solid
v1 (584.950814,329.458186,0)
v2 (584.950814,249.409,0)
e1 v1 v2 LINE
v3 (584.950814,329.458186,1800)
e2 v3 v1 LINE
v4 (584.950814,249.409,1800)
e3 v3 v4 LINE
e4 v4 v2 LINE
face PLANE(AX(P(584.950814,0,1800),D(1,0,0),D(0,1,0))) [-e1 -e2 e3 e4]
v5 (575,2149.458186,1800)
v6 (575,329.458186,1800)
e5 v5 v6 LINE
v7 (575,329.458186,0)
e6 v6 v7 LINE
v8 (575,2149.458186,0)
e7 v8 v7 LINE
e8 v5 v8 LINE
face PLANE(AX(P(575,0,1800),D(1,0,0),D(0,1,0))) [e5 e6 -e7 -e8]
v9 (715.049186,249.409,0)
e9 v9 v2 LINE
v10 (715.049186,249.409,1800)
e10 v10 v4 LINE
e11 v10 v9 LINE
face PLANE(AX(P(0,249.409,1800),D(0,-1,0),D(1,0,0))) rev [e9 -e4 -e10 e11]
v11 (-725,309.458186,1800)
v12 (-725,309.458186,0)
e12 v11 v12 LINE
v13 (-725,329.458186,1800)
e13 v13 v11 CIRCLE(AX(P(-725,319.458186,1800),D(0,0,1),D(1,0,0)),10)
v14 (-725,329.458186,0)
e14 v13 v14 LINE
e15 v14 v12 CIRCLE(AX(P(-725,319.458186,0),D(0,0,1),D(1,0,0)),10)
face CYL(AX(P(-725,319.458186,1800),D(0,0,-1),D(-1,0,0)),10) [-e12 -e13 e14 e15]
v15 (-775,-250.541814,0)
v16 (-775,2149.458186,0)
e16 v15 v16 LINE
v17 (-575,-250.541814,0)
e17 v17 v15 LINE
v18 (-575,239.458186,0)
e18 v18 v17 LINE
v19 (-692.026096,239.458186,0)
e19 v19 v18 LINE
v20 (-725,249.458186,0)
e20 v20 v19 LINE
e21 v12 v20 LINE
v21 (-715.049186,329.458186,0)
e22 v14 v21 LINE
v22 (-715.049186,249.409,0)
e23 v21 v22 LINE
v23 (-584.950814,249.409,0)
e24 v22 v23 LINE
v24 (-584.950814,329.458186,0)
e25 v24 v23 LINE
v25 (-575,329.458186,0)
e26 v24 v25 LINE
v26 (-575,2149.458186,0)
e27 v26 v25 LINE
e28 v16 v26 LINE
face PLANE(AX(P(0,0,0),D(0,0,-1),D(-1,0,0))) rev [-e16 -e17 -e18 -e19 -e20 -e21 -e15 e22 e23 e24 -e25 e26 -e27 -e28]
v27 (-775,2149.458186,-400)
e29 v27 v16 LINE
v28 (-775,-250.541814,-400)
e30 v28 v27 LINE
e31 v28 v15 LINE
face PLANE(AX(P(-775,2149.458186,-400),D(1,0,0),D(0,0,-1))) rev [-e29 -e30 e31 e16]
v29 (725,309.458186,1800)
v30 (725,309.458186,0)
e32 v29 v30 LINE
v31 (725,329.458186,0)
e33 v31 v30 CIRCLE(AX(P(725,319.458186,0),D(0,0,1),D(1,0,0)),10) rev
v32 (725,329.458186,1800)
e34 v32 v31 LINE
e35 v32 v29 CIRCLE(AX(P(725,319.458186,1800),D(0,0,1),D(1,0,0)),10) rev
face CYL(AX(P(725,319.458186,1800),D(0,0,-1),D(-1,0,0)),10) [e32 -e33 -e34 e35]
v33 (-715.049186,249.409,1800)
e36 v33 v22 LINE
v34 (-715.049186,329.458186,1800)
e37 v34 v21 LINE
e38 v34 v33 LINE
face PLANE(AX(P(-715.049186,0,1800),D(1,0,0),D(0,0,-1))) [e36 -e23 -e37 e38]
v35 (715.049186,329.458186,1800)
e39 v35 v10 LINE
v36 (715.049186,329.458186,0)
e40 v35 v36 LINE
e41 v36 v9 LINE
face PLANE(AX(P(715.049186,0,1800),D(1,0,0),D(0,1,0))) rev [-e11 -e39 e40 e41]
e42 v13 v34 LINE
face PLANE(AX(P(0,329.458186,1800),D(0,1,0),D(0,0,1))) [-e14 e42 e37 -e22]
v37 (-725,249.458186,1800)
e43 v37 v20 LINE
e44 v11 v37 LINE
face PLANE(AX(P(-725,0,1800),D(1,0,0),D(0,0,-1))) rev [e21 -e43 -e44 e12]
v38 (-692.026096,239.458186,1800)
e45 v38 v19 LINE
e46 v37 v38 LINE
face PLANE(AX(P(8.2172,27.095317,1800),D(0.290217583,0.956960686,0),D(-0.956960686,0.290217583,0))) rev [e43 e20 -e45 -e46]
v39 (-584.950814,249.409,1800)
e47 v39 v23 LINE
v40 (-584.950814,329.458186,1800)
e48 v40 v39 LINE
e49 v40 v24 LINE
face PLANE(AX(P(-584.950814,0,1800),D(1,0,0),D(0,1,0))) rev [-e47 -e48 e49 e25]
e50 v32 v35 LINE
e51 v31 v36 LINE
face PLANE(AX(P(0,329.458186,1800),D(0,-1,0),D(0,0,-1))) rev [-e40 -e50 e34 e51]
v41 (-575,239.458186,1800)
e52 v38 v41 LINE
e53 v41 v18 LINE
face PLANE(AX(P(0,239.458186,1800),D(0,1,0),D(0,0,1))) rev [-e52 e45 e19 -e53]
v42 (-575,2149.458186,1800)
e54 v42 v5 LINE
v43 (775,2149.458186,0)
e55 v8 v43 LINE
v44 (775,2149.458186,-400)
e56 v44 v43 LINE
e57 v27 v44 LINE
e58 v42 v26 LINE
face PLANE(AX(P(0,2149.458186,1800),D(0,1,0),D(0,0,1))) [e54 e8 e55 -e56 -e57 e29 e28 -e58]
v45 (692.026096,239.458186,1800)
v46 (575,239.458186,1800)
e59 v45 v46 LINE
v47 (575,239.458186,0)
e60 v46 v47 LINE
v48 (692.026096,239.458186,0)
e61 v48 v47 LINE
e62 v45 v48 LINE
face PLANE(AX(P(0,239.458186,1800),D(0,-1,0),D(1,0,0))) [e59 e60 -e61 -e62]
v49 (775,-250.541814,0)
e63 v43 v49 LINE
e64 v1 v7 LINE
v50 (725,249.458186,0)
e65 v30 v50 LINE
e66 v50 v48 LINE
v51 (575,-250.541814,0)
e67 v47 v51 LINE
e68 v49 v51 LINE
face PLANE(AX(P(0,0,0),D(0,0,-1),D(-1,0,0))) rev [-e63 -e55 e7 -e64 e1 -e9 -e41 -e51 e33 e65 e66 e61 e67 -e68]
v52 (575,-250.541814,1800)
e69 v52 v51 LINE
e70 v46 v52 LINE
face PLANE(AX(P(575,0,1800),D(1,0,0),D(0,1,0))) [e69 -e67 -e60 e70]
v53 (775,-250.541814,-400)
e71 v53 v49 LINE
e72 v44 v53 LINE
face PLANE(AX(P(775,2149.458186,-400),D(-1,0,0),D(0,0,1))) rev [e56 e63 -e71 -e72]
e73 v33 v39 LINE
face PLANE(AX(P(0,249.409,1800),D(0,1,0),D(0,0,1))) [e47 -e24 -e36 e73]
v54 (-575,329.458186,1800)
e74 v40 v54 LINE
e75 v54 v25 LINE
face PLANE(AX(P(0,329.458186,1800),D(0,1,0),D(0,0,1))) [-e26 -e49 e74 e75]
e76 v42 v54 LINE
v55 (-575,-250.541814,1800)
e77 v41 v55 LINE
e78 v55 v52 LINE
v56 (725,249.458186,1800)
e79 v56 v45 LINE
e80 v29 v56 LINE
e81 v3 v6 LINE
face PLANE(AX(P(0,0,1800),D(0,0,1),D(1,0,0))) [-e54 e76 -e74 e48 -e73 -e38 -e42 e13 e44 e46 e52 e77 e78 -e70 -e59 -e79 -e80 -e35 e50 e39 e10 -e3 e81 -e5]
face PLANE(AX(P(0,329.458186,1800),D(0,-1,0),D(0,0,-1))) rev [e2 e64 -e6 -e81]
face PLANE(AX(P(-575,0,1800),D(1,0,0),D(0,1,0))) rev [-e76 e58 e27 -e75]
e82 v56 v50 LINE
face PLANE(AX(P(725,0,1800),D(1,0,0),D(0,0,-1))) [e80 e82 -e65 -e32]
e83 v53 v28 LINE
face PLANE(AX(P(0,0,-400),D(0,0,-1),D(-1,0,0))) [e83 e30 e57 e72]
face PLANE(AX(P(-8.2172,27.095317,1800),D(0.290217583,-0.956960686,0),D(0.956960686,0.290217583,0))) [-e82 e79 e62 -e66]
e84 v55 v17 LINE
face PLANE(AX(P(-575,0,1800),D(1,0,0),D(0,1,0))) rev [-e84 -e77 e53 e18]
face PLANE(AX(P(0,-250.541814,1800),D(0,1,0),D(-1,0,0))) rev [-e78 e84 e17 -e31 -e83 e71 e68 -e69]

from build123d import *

# Parameters (mm, degrees)
EXTRUDE_1_DEPTH = 1800
SKETCH_2_W      = 1550
SKETCH_2_H      = 2400
EXTRUDE_2_DEPTH = 400


with BuildPart() as part:
    # 草圖1 → 填料-伸長1 (new body)
    with BuildSketch(Plane.XY):
        with BuildLine():
            ThreePointArc((-725, 329.458185741), (-735, 319.458185741), (-725, 309.458185741))
            Line((-725, 309.458185741), (-725, 249.458185741))
            Line((-725, 249.458185741), (-692.026095563, 239.458185741))
            Line((-692.026095563, 239.458185741), (-575, 239.458185741))
            Line((-575, 239.458185741), (-575, -250.541814259))
            Line((-575, -250.541814259), (0, -250.541814259))
            Line((0, -250.541814259), (0, 2149.458185741))
            Line((0, 2149.458185741), (-575, 2149.458185741))
            Line((-575, 2149.458185741), (-575, 329.458185741))
            Line((-575, 329.458185741), (-584.95081424, 329.458185741))
            Line((-584.95081424, 329.458185741), (-584.95081424, 249.408999982))
            Line((-584.95081424, 249.408999982), (-715.04918576, 249.408999982))
            Line((-715.04918576, 249.408999982), (-715.04918576, 329.458185741))
            Line((-715.04918576, 329.458185741), (-725, 329.458185741))
        make_face()
        with BuildLine():
            Line((0, 2149.458185741), (0, -250.541814259))
            Line((0, -250.541814259), (575, -250.541814259))
            Line((575, -250.541814259), (575, 239.458185741))
            Line((575, 239.458185741), (692.026095563, 239.458185741))
            Line((692.026095563, 239.458185741), (725, 249.458185741))
            Line((725, 249.458185741), (725, 309.458185741))
            ThreePointArc((725, 309.458185741), (735, 319.458185741), (725, 329.458185741))
            Line((725, 329.458185741), (715.04918576, 329.458185741))
            Line((715.04918576, 329.458185741), (715.04918576, 249.408999982))
            Line((715.04918576, 249.408999982), (584.95081424, 249.408999982))
            Line((584.95081424, 249.408999982), (584.95081424, 329.458185741))
            Line((584.95081424, 329.458185741), (575, 329.458185741))
            Line((575, 329.458185741), (575, 2149.458185741))
            Line((575, 2149.458185741), (0, 2149.458185741))
        make_face()
    extrude(amount=EXTRUDE_1_DEPTH)

    # 草圖2 → 填料-伸長2 (add)
    with BuildSketch(Plane(origin=(0, 0, 0), x_dir=(-1, 0, 0), z_dir=(0, 0, -1))):
        with Locations((0, 949.458185741)):
            Rectangle(SKETCH_2_W, SKETCH_2_H)
    extrude(amount=EXTRUDE_2_DEPTH)


solid = part.part
